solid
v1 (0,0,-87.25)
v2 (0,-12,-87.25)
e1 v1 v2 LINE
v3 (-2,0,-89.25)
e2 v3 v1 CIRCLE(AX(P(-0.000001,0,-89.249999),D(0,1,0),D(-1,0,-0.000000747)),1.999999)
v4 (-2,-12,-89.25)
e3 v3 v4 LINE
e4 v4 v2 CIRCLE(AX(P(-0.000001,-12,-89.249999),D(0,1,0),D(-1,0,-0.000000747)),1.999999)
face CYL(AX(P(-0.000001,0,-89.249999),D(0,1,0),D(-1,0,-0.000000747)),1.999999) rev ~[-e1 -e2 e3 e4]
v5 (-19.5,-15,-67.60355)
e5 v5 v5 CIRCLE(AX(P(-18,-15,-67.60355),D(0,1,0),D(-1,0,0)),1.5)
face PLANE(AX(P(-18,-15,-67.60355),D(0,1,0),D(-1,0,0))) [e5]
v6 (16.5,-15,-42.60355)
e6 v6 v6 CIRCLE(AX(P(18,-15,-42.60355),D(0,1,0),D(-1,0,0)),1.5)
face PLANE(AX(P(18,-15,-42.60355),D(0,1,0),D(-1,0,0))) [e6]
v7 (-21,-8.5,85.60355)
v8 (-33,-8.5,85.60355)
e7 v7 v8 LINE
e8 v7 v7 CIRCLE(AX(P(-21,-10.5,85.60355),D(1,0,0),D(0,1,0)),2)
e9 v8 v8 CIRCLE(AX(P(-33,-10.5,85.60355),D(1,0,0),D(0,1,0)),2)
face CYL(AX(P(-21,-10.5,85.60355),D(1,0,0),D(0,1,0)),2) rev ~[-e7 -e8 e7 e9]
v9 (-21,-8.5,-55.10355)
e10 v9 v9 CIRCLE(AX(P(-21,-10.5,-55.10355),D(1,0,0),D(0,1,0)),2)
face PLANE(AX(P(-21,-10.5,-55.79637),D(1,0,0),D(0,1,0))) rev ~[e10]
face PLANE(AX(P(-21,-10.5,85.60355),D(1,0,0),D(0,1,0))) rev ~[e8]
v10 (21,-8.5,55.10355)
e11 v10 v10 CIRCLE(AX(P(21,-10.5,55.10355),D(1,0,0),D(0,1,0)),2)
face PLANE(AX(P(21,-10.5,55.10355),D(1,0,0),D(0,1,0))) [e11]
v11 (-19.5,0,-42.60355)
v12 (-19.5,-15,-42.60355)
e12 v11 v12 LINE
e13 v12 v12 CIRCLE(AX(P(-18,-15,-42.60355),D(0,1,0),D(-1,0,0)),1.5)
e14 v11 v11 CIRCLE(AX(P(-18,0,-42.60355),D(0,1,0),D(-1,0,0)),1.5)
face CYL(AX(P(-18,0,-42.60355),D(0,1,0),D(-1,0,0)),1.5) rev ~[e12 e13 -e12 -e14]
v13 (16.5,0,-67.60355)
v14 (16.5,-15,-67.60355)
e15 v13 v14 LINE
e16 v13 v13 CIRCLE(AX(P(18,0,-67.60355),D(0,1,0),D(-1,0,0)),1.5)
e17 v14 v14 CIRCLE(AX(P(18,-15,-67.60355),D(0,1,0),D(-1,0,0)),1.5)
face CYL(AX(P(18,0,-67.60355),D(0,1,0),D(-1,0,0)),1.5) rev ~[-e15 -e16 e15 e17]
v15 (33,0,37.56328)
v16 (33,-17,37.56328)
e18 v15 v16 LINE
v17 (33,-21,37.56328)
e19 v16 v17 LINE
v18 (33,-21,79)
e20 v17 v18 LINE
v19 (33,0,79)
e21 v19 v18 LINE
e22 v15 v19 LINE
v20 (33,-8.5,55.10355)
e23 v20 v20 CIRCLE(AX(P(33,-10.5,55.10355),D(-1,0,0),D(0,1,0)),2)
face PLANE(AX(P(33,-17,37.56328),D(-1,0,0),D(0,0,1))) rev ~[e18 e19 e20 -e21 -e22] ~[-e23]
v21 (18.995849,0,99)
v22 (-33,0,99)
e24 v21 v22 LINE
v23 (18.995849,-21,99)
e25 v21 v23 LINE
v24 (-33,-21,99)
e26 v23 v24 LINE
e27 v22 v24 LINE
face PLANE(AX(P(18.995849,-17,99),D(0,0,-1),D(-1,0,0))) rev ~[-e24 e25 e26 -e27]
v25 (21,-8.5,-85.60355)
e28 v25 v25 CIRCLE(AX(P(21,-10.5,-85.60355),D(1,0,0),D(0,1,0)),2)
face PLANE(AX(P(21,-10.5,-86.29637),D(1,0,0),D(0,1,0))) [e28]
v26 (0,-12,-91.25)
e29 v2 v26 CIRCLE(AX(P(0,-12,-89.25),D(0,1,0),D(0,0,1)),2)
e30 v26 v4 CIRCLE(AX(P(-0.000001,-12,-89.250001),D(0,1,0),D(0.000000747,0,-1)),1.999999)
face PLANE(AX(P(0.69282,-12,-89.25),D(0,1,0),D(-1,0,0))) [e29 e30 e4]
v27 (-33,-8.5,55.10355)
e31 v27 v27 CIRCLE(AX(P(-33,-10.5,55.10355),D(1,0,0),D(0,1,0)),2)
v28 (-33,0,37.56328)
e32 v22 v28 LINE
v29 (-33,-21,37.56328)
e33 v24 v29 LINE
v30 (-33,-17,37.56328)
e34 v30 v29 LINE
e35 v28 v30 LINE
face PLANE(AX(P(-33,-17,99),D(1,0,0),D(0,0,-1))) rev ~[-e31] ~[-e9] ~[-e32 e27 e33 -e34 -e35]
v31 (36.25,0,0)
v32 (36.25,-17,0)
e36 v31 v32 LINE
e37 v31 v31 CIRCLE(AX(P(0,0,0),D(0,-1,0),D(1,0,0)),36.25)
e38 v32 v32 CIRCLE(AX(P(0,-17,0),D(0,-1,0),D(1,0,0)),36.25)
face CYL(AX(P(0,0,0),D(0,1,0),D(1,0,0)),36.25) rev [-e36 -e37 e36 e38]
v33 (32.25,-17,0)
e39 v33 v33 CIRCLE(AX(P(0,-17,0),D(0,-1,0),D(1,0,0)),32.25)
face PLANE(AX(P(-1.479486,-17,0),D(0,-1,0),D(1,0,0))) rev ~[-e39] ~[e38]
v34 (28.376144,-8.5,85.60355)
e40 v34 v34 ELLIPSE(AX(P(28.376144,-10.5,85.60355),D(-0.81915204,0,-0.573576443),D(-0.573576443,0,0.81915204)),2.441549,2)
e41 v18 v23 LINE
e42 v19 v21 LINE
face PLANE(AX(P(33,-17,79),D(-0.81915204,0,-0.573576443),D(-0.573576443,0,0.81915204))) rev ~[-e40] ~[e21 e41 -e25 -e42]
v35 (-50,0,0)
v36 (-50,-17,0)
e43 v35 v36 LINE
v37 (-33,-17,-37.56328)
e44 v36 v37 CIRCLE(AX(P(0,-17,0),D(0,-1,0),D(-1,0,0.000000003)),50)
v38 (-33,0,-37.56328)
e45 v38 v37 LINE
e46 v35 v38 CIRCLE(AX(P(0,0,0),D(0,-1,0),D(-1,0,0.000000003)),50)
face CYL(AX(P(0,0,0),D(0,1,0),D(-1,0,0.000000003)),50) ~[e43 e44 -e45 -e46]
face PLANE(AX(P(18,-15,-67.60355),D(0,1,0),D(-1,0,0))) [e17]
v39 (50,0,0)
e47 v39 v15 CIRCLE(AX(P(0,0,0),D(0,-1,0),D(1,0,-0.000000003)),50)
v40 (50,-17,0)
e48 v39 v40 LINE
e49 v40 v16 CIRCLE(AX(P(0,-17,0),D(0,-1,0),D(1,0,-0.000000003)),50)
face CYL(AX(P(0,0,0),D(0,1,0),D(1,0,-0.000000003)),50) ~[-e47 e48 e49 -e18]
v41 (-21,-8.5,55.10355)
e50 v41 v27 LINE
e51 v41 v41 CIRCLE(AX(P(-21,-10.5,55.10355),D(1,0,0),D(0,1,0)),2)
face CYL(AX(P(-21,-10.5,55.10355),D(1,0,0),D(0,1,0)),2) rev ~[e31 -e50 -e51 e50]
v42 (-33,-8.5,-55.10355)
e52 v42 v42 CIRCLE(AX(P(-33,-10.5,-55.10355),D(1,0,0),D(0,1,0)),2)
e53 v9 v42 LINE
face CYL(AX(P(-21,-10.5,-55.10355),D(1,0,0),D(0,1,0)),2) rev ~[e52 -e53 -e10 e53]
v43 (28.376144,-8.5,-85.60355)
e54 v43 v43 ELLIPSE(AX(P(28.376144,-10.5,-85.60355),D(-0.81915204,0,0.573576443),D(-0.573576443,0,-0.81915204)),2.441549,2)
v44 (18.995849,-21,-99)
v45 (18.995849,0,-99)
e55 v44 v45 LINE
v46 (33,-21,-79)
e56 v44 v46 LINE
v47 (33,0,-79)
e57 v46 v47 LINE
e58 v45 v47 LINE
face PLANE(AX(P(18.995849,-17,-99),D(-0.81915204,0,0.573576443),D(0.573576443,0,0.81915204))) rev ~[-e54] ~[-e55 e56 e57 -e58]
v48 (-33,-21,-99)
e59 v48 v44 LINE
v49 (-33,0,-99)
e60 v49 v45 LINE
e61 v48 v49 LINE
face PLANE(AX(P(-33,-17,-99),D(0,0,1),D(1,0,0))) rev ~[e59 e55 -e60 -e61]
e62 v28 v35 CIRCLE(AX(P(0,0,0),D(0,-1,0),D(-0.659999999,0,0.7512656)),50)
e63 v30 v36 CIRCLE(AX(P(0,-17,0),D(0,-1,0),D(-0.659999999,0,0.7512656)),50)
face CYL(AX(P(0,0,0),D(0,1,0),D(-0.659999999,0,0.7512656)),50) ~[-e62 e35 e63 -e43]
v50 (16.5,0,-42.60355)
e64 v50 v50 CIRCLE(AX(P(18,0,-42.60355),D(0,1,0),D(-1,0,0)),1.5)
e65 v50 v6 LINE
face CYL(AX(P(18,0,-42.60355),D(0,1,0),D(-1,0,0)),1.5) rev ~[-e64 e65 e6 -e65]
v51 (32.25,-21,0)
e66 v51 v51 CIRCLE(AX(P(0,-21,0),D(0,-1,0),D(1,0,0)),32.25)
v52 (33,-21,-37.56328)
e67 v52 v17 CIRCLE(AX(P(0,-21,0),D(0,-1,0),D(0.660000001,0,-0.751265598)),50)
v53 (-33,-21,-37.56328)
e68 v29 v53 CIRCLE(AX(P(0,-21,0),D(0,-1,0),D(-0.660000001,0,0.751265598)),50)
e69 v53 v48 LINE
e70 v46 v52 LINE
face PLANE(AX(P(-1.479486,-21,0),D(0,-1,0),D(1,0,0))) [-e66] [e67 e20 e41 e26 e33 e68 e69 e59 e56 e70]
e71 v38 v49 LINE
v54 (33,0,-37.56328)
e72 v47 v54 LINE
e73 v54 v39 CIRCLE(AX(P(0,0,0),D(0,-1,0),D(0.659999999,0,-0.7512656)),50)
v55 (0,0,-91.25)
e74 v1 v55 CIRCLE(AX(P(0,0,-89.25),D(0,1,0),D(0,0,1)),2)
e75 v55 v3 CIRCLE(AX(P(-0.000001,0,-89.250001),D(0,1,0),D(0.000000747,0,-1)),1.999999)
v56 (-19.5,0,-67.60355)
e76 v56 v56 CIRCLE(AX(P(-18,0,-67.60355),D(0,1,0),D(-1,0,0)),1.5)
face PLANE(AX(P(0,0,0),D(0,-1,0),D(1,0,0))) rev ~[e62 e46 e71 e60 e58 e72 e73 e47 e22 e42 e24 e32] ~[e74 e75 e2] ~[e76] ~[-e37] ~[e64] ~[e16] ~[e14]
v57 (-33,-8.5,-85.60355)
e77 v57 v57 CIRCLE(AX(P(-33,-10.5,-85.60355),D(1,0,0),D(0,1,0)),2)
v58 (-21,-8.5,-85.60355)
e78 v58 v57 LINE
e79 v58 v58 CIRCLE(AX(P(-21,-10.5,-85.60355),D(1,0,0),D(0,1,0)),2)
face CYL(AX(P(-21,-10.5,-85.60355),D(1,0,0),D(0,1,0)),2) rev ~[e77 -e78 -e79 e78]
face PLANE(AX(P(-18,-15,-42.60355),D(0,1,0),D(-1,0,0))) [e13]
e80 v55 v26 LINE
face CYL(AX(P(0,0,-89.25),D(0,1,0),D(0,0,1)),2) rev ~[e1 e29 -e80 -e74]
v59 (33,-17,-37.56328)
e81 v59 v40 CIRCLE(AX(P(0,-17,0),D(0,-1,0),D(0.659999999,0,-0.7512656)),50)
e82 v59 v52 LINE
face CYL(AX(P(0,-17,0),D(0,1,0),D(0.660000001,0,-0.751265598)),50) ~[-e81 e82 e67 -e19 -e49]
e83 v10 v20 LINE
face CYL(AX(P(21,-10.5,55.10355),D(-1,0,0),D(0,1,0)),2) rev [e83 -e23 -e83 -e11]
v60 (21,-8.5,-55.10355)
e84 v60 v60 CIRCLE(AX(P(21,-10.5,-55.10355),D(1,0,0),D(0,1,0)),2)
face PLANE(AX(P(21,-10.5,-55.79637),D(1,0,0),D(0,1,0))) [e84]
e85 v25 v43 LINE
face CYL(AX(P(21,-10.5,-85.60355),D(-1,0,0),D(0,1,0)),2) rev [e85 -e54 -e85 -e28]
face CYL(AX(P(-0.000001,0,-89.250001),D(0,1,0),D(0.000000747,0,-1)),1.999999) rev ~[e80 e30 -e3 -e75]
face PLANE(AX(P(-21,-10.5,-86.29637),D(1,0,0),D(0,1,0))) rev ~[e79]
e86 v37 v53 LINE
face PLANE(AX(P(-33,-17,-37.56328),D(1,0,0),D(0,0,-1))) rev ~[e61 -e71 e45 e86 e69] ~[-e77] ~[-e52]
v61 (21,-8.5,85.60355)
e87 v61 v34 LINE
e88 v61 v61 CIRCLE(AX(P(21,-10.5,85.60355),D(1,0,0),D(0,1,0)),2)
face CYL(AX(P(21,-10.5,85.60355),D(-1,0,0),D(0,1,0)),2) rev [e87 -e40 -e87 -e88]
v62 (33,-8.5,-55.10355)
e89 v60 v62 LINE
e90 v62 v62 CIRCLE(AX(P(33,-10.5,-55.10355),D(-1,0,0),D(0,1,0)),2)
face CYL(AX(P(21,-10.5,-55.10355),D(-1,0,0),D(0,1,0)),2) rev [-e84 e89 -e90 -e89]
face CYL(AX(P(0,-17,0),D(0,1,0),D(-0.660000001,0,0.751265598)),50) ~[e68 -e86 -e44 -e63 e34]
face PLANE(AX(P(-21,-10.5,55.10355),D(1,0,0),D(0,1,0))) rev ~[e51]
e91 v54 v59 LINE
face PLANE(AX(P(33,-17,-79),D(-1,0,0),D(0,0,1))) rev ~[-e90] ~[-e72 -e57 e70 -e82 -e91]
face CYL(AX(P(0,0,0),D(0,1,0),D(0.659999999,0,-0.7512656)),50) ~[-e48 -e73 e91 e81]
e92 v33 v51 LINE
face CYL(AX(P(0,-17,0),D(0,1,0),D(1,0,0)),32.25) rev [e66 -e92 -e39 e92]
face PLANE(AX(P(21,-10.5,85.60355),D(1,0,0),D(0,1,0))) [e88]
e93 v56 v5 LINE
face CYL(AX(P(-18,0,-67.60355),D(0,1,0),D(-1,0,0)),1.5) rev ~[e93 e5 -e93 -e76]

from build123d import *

# Parameters (mm, degrees)
F0_R      = 36.25
F1_DEPTH  = 17
F2_R      = 32.25
F3_DEPTH  = 4
F4_R      = 1.5
F5_DEPTH  = 15
F7_R      = 2
F8_DEPTH  = 25
F10_R     = 2
F11_DEPTH = 25
F13_DEPTH = 12


with BuildPart() as f1:
    # F0 (on Front) → F1 (new body)
    with BuildSketch(Plane.XZ):
        Circle(F0_R)
        with BuildLine():
            Line((-33, -99), (-18.995849, -99))
            Line((-18.995849, -99), (0, -99))
            Line((0, -99), (18.995849, -99))
            Line((18.995849, -99), (33, -79))
            Line((33, -79), (33, -37.56328))
            ThreePointArc((33, -37.56328), (45.552168, -20.615528), (50, 0))
            ThreePointArc((50, 0), (45.552168, 20.615528), (33, 37.56328))
            Line((33, 37.56328), (33, 79))
            Line((33, 79), (18.995849, 99))
            Line((18.995849, 99), (-18.995849, 99))
            Line((-18.995849, 99), (-33, 99))
            Line((-33, 99), (-33, 79))
            Line((-33, 79), (-33, 37.56328))
            ThreePointArc((-33, 37.56328), (-45.552168, 20.615528), (-50, 0))
            ThreePointArc((-50, 0), (-45.552168, -20.615528), (-33, -37.56328))
            Line((-33, -37.56328), (-33, -79))
            Line((-33, -79), (-33, -99))
        make_face()
        Circle(F0_R, mode=Mode.SUBTRACT)
    extrude(amount=F1_DEPTH)

    # F2 (on face) → F3 (join)
    with BuildSketch(Plane.XZ.offset(17)):
        with BuildLine():
            Line((33, -79), (33, -37.56328))
            ThreePointArc((33, -37.56328), (50, 0), (33, 37.56328))
            Line((33, 37.56328), (33, 79))
            Line((33, 79), (18.995849, 99))
            Line((18.995849, 99), (-33, 99))
            Line((-33, 99), (-33, 37.56328))
            ThreePointArc((-33, 37.56328), (-50, 0), (-33, -37.56328))
            Line((-33, -37.56328), (-33, -99))
            Line((-33, -99), (18.995849, -99))
            Line((18.995849, -99), (33, -79))
        make_face()
        Circle(F2_R, mode=Mode.SUBTRACT)
    extrude(amount=F3_DEPTH)

    # F4 (on face) → F5 (cut)
    with BuildSketch(Plane(origin=(0, 0, 0), x_dir=(-1, 0, 0), z_dir=(0, 1, 0))):
        with Locations((-18, -42.60355)):
            Circle(F4_R)
        with Locations((18, -42.60355)):
            Circle(F4_R)
        with Locations((18, -67.60355)):
            Circle(F4_R)
        with Locations((-18, -67.60355)):
            Circle(F4_R)
    extrude(amount=-F5_DEPTH, mode=Mode.SUBTRACT)

    # F7 (on offset) → F8 (cut)
    with BuildSketch(Plane.YZ.offset(21)):
        with BuildLine():
            ThreePointArc((-12.5, -85.60355), (-10.5, -87.60355), (-8.5, -85.60355))
            Line((-8.5, -85.60355), (-12.5, -85.60355))
        make_face()
        with BuildLine():
            Line((-12.5, -85.60355), (-8.5, -85.60355))
            ThreePointArc((-8.5, -85.60355), (-10.5, -83.60355), (-12.5, -85.60355))
        make_face()
        with BuildLine():
            ThreePointArc((-12.5, -55.10355), (-10.5, -57.10355), (-8.5, -55.10355))
            Line((-8.5, -55.10355), (-12.5, -55.10355))
        make_face()
        with BuildLine():
            Line((-12.5, -55.10355), (-8.5, -55.10355))
            ThreePointArc((-8.5, -55.10355), (-10.5, -53.10355), (-12.5, -55.10355))
        make_face()
        with Locations((-10.5, 55.10355)):
            Circle(F7_R)
        with Locations((-10.5, 85.60355)):
            Circle(F7_R)
    extrude(amount=F8_DEPTH, mode=Mode.SUBTRACT)

    # F10 (on offset) → F11 (cut)
    with BuildSketch(Plane.YZ.offset(-21)):
        with BuildLine():
            ThreePointArc((-12.5, -85.60355), (-10.5, -87.60355), (-8.5, -85.60355))
            Line((-8.5, -85.60355), (-12.5, -85.60355))
        make_face()
        with BuildLine():
            Line((-12.5, -85.60355), (-8.5, -85.60355))
            ThreePointArc((-8.5, -85.60355), (-10.5, -83.60355), (-12.5, -85.60355))
        make_face()
        with BuildLine():
            ThreePointArc((-12.5, -55.10355), (-10.5, -57.10355), (-8.5, -55.10355))
            Line((-8.5, -55.10355), (-12.5, -55.10355))
        make_face()
        with BuildLine():
            Line((-12.5, -55.10355), (-8.5, -55.10355))
            ThreePointArc((-8.5, -55.10355), (-10.5, -53.10355), (-12.5, -55.10355))
        make_face()
        with Locations((-10.5, 55.10355)):
            Circle(F10_R)
        with Locations((-10.5, 85.60355)):
            Circle(F10_R)
    extrude(amount=-F11_DEPTH, mode=Mode.SUBTRACT)

    # F12 (on face) → F13 (cut)
    with BuildSketch(Plane(origin=(0, 0, 0), x_dir=(-1, 0, 0), z_dir=(0, 1, 0))):
        with BuildLine():
            ThreePointArc((0, -87.25), (-2, -89.25), (0, -91.25))
            Line((0, -91.25), (0, -87.25))
        make_face()
        with BuildLine():
            Line((0, -87.25), (0, -91.25))
            ThreePointArc((0, -91.25), (1.414214, -90.664214), (2, -89.25))
            ThreePointArc((2, -89.25), (1.414214, -87.835786), (0, -87.25))
        make_face()
    extrude(amount=-F13_DEPTH, mode=Mode.SUBTRACT)


solid = f1.part
